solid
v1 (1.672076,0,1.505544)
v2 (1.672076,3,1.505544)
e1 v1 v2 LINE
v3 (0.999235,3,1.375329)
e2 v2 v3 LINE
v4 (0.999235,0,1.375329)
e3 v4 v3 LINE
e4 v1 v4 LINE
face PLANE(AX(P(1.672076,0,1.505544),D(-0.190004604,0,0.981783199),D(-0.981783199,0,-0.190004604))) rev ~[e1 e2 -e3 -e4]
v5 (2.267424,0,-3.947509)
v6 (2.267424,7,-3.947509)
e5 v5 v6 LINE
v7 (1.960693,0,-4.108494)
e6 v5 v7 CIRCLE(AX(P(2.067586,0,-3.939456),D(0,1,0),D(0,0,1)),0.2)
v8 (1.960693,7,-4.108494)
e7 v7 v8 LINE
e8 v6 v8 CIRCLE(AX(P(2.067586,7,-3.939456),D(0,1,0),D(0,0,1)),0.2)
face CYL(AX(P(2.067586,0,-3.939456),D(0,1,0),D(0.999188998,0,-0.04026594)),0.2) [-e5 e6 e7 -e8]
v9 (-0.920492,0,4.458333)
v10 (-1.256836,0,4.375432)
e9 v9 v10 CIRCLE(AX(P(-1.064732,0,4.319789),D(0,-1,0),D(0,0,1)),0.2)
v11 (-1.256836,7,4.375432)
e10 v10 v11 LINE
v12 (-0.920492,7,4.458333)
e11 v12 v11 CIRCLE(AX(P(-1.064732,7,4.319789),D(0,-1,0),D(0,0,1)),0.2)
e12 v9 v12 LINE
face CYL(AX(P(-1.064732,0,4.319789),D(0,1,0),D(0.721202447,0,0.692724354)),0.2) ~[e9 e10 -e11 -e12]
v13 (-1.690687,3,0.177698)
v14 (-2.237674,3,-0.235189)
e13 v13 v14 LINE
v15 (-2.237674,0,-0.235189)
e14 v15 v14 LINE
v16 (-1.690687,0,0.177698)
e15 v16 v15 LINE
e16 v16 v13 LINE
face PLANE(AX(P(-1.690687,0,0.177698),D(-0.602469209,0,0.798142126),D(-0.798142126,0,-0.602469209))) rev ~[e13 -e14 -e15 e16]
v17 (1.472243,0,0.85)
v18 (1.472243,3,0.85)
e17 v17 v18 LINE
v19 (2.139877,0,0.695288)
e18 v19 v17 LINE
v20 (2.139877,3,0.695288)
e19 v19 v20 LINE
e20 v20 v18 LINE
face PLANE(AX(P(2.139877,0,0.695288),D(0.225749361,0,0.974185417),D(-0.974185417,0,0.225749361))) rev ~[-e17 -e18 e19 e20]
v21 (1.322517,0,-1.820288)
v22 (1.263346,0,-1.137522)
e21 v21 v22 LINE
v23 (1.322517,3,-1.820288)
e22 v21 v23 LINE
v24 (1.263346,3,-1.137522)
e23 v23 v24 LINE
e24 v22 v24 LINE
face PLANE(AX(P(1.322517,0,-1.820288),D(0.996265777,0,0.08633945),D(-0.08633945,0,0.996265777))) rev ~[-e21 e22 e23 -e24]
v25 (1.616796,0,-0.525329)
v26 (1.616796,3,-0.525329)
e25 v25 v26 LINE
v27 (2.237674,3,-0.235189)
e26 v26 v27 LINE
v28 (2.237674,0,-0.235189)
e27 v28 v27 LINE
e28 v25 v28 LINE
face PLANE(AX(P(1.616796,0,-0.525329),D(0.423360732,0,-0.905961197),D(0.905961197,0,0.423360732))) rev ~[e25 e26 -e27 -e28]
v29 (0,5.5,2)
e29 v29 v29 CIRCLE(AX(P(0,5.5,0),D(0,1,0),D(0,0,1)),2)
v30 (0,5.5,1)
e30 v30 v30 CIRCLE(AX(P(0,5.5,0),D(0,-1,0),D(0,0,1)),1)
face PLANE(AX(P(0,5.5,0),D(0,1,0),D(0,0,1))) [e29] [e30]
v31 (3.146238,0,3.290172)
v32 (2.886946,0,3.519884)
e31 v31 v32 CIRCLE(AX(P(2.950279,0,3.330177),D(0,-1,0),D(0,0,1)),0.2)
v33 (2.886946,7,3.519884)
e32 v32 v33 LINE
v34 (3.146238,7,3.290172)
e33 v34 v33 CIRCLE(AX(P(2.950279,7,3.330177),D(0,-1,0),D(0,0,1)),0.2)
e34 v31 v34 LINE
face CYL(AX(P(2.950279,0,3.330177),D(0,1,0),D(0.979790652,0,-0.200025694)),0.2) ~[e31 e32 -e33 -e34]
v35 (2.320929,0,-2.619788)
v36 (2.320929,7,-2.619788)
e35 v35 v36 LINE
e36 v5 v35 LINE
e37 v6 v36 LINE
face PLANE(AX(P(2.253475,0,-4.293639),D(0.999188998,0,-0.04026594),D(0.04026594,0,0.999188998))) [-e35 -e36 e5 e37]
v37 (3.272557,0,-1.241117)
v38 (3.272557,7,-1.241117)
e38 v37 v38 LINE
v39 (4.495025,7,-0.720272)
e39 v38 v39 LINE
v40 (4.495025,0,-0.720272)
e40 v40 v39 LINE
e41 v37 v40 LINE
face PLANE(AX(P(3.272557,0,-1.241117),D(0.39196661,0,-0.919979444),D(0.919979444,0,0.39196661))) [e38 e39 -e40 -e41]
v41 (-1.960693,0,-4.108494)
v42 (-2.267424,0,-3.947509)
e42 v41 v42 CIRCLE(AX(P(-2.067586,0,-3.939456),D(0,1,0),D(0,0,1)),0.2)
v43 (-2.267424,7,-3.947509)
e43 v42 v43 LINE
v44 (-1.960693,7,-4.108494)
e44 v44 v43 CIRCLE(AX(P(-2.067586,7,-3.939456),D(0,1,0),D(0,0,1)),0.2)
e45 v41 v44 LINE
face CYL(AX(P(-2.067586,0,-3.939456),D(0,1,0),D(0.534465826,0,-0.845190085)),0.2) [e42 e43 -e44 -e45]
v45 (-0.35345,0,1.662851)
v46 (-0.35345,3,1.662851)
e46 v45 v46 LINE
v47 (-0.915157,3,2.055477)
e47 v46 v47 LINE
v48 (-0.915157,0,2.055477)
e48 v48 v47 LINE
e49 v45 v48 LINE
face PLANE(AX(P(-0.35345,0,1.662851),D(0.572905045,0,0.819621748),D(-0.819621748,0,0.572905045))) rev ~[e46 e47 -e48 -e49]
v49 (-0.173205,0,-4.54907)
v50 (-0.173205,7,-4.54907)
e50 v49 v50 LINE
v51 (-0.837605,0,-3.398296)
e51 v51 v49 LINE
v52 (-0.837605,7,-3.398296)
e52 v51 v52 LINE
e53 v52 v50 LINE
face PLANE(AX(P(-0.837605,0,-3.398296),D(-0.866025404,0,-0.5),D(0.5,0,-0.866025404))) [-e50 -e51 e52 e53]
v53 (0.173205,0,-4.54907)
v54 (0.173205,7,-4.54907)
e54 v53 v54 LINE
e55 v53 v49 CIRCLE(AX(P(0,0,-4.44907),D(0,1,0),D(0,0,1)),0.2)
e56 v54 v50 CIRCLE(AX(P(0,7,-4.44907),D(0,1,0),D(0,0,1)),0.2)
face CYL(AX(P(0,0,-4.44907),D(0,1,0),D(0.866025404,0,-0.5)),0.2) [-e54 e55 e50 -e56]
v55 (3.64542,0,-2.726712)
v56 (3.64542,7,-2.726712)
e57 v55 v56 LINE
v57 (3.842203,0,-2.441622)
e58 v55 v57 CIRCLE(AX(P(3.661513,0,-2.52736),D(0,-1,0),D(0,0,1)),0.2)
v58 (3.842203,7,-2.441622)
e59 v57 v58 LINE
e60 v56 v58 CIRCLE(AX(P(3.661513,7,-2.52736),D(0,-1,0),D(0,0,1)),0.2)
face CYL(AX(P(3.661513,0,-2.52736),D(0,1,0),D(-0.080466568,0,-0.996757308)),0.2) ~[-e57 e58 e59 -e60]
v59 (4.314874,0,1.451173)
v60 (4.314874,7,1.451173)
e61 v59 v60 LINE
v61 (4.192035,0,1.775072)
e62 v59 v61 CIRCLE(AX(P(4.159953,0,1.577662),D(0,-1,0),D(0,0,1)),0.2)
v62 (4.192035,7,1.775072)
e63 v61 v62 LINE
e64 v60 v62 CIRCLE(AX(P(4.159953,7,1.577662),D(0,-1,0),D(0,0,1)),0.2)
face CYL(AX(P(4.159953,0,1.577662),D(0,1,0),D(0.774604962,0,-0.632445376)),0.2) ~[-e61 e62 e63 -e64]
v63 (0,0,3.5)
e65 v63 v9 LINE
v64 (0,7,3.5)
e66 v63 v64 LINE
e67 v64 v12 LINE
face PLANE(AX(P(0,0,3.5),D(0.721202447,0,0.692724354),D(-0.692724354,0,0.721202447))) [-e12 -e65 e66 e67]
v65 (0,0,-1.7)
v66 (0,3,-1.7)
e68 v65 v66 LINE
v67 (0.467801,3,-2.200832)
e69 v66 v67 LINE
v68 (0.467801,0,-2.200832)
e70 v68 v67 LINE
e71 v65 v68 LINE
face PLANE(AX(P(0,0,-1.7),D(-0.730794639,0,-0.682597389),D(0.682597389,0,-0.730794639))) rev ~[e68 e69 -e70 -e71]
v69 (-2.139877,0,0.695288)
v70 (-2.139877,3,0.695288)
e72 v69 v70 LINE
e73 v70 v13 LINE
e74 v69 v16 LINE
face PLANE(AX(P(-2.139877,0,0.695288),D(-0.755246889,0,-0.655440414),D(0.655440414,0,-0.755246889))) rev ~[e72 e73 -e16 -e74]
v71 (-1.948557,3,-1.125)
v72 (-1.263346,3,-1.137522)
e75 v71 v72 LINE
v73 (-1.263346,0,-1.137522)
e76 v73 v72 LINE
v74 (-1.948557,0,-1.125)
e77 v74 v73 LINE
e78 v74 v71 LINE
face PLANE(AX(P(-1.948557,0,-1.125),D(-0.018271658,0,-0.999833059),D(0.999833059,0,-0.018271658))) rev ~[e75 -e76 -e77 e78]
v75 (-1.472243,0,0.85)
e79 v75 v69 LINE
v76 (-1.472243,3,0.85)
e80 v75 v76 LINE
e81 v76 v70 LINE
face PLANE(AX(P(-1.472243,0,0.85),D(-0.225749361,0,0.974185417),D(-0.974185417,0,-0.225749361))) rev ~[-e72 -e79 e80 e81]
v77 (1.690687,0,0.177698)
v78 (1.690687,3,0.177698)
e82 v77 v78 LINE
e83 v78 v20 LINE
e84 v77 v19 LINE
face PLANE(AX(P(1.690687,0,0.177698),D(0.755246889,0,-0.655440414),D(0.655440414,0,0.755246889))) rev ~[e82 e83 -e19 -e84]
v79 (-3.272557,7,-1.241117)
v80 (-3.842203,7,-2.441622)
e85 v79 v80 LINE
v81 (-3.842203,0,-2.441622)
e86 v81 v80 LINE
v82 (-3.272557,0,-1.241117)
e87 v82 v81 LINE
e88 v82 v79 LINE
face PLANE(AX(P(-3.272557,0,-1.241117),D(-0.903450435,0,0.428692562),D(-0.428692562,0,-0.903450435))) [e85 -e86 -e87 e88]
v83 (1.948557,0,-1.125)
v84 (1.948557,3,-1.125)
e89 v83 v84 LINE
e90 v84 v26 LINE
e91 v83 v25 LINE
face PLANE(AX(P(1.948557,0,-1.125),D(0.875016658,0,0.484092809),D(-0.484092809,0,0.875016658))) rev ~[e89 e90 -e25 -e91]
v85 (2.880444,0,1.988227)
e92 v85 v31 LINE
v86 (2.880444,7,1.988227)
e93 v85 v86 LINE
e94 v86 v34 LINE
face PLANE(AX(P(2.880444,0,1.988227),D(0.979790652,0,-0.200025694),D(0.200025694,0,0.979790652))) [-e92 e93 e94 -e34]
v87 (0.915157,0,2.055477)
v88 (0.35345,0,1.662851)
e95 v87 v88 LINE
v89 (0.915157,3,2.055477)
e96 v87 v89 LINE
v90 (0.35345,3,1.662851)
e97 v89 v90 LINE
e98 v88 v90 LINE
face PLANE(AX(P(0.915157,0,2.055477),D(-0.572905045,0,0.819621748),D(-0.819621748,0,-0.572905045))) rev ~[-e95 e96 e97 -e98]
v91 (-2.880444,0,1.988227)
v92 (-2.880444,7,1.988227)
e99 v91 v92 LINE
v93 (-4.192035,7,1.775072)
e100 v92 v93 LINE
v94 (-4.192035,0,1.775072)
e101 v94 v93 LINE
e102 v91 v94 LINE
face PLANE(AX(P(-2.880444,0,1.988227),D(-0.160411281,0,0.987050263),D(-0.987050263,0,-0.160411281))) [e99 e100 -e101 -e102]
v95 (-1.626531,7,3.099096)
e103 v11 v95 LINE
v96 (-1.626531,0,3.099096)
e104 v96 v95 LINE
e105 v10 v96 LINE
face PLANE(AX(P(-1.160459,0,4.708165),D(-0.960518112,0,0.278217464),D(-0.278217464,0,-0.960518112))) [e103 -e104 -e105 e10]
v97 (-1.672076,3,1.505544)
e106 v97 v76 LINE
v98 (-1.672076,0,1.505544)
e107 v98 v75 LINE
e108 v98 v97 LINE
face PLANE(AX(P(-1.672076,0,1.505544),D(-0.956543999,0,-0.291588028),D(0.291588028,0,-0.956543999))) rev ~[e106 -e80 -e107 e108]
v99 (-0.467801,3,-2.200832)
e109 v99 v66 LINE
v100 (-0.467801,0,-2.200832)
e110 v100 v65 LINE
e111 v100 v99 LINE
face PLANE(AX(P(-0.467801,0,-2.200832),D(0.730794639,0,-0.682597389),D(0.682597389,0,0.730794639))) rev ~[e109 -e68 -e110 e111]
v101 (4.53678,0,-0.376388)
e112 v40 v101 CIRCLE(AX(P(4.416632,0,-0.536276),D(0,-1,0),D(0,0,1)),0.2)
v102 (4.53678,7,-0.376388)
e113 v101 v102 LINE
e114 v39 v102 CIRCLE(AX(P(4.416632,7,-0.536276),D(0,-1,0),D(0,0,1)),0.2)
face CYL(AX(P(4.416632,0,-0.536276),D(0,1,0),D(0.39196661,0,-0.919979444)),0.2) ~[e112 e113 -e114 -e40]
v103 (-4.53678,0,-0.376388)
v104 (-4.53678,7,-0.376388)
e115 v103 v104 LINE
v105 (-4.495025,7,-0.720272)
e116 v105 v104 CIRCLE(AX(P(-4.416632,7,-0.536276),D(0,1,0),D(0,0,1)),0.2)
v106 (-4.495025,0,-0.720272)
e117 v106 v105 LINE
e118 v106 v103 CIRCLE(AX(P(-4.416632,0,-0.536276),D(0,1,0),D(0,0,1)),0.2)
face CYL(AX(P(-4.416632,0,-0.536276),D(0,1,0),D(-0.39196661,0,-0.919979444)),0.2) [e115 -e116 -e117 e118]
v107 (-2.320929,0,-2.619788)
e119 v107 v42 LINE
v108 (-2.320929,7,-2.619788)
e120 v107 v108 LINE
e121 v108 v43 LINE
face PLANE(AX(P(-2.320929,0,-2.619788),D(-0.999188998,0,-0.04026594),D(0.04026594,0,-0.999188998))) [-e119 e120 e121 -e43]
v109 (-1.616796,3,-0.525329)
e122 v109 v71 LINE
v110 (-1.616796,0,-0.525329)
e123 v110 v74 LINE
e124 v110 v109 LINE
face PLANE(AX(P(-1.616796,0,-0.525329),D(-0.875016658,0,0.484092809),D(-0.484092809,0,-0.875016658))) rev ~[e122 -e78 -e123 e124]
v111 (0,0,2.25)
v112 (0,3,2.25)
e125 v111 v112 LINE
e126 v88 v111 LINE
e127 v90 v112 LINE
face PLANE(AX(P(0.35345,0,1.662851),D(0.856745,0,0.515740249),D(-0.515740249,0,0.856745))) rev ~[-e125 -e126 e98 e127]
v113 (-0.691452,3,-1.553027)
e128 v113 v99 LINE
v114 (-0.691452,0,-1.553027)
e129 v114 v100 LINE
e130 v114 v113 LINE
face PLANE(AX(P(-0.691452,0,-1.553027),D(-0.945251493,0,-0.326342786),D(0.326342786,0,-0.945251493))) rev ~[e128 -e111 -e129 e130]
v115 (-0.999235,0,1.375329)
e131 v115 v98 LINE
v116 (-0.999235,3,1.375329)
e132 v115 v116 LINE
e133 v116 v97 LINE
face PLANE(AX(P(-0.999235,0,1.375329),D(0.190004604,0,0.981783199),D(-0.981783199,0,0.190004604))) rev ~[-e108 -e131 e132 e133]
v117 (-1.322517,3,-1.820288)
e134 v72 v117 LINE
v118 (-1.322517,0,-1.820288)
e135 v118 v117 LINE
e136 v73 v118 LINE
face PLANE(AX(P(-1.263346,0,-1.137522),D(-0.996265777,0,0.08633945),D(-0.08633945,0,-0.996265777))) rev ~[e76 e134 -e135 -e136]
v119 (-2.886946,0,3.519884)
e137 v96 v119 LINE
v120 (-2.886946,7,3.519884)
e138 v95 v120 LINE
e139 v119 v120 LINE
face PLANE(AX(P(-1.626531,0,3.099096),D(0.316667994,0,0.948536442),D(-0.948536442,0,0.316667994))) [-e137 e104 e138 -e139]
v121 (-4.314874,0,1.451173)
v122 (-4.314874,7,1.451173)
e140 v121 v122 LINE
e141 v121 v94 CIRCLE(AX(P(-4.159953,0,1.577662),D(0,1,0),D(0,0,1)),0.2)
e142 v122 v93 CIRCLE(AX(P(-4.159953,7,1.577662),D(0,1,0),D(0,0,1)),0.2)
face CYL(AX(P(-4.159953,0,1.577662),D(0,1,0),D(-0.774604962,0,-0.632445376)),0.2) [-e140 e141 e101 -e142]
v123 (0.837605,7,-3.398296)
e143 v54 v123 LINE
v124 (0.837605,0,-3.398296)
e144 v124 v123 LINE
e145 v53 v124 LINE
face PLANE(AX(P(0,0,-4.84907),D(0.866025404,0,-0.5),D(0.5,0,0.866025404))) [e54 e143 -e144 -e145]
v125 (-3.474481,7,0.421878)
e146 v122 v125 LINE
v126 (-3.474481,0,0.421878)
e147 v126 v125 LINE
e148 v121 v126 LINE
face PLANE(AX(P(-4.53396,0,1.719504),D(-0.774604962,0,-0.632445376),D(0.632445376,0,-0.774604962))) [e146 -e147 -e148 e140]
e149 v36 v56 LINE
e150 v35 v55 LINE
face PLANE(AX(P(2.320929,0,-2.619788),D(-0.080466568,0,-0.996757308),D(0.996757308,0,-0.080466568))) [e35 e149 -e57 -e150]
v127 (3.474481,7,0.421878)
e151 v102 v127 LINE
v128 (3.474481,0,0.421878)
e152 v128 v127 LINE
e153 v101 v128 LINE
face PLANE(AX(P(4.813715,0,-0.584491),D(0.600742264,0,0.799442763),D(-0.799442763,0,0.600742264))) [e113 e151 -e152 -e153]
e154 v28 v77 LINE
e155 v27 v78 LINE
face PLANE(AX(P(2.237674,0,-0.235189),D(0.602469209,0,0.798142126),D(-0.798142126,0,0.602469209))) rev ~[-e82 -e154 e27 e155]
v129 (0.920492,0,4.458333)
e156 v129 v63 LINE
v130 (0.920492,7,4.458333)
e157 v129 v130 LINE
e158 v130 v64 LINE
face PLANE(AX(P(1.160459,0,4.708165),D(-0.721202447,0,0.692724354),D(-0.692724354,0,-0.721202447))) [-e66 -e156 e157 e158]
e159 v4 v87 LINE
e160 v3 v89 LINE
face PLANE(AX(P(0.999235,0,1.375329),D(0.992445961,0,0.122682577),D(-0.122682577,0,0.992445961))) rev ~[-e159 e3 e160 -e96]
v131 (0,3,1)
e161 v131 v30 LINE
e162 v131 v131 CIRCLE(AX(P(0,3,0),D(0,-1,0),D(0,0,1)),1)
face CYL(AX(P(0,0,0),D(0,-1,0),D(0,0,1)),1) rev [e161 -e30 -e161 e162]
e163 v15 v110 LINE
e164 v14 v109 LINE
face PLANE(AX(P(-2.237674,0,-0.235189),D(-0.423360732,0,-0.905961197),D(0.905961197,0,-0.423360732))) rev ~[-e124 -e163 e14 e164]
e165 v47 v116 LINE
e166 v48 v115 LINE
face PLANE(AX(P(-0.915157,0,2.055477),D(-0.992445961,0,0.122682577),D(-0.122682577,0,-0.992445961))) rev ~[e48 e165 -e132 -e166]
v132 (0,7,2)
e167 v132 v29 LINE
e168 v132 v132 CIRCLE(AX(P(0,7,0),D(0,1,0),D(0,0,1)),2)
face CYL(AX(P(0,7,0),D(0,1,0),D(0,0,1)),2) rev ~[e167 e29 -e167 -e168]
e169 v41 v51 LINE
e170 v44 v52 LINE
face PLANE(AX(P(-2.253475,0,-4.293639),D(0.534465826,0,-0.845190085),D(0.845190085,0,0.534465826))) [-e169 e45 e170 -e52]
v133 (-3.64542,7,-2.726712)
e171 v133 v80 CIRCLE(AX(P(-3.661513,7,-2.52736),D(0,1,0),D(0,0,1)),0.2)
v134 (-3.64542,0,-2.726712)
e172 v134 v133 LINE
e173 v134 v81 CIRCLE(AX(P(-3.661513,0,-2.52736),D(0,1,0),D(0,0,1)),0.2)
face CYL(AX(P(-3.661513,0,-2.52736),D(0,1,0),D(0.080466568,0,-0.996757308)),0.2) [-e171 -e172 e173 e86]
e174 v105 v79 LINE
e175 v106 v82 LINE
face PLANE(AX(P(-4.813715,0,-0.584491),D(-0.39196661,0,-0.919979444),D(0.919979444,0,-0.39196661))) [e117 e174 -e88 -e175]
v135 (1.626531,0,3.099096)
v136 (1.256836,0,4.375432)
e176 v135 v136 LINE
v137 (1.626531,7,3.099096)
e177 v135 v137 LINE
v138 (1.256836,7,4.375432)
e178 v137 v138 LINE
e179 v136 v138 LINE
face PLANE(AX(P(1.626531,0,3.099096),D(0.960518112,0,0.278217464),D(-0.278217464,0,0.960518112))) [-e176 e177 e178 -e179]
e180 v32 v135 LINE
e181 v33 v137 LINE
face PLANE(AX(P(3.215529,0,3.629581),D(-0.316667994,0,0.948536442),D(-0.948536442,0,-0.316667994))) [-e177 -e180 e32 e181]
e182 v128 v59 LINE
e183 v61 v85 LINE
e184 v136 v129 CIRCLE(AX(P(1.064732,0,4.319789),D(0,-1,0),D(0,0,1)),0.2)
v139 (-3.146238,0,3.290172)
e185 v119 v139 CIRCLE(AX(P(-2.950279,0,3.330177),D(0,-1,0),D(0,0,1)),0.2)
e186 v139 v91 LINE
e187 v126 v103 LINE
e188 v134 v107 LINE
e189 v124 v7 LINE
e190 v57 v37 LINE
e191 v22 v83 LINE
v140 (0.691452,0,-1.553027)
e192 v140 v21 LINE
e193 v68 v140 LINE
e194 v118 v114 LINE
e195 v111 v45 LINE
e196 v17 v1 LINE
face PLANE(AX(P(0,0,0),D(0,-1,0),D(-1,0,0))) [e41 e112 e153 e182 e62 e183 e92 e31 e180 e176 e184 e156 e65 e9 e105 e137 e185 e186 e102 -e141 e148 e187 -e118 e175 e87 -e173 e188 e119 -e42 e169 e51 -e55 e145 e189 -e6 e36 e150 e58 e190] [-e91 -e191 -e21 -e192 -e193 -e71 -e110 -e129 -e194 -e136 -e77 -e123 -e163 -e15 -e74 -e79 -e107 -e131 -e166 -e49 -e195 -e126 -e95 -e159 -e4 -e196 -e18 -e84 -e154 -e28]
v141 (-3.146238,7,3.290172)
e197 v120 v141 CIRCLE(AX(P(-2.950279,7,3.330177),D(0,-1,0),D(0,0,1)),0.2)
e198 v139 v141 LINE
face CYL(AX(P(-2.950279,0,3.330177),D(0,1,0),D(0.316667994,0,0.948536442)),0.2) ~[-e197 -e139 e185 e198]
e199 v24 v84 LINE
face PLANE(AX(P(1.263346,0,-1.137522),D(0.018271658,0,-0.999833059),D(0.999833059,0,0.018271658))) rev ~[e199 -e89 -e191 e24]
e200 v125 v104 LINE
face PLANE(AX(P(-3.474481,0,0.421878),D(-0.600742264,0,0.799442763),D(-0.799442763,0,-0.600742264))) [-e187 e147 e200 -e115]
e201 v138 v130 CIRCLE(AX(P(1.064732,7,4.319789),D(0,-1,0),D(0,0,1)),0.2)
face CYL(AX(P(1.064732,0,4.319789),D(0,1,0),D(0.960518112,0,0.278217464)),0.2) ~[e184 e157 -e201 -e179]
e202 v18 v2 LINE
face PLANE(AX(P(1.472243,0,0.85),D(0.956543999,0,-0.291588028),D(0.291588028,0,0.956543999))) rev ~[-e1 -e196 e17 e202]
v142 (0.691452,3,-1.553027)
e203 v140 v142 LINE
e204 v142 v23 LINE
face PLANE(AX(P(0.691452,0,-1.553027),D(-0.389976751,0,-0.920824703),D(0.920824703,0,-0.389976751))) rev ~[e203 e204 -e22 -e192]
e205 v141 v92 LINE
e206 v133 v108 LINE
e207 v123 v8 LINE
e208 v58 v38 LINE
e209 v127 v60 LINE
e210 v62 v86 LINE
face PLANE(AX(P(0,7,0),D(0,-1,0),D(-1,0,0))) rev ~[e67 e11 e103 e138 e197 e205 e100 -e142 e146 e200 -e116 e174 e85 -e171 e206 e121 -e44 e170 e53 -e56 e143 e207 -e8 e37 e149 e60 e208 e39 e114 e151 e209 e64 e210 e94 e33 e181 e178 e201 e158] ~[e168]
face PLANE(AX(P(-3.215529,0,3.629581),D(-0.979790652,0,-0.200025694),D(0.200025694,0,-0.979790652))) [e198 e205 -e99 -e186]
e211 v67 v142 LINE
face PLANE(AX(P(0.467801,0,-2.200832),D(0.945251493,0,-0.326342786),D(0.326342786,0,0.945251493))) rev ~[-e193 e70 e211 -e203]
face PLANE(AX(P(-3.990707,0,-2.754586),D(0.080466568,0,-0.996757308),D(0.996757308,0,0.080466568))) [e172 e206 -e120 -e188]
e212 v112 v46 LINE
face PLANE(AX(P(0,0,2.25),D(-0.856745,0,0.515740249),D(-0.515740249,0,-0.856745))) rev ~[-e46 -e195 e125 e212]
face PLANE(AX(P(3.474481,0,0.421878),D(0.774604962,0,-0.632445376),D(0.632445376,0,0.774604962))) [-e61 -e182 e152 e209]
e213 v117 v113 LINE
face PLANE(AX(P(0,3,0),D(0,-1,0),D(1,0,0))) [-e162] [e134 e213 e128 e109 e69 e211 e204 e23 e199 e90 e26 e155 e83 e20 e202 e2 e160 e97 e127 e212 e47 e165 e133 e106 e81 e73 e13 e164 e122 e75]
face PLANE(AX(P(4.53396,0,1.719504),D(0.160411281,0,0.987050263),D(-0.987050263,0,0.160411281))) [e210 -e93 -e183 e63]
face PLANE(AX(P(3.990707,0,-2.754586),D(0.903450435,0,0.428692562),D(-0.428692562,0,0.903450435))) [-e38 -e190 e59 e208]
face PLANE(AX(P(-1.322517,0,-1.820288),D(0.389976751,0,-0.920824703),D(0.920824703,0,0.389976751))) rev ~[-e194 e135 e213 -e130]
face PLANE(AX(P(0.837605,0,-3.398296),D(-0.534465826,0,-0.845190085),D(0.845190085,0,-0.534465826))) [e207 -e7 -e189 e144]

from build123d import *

# Parameters (mm, degrees)
SKETCH1_R           = 1
BOSS_EXTRUDE1_DEPTH = 7
CUT_EXTRUDE1_DEPTH  = 3
FILLET1_R           = 0.2
SKETCH3_R           = 2
CUT_EXTRUDE2_DEPTH  = 1.5


with BuildPart() as part:
    # Sketch1 → Boss-Extrude1 (new body)
    with BuildSketch(Plane(origin=(0, 0, 0), x_dir=(1, 0, 0), z_dir=(0, 1, 0))):
        Polygon((2.320929304, 2.619787619), (3.990706765, 2.754585991), (3.272556849, 1.241117105), (4.813715291, 0.584490857), (3.474481059, -0.421878381), (4.533959656, -1.719504088), (2.880443531, -1.988226614), (3.215528503, -3.629581369), (1.626531102, -3.09909609), (1.160458522, -4.708165299), (0, -3.5), (-1.160458522, -4.708165299), (-1.626531102, -3.09909609), (-3.215528503, -3.629581369), (-2.880443531, -1.988226614), (-4.533959656, -1.719504088), (-3.474481059, -0.421878381), (-4.813715291, 0.584490857), (-3.272556849, 1.241117105), (-3.990706765, 2.754585991), (-2.320929304, 2.619787619), (-2.253475412, 4.293638671), (-0.837604825, 3.398296361), (0, 4.849070475), (0.837604825, 3.398296361), (2.253475412, 4.293638671), align=None)
        with Locations(Location((0, 0, 0), (0, 0, 270))):
            Circle(SKETCH1_R, mode=Mode.SUBTRACT)
    extrude(amount=BOSS_EXTRUDE1_DEPTH)

    # Sketch2 → Cut-Extrude1 (cut)
    with BuildSketch(Plane.XZ):
        Polygon((0, 2.25), (-0.353449874, 1.662850921), (-0.915157447, 2.05547728), (-0.999234929, 1.37532889), (-1.672075857, 1.505543864), (-1.472243186, 0.85), (-2.139877162, 0.695288237), (-1.690687222, 0.177698388), (-2.237674265, -0.235189042), (-1.616796078, -0.52532889), (-1.948557159, -1.125), (-1.263346203, -1.137522031), (-1.322516818, -1.820288237), (-0.691452293, -1.553027278), (-0.467801304, -2.200832102), (0, -1.7), (0.467801304, -2.200832102), (0.691452293, -1.553027278), (1.322516818, -1.820288237), (1.263346203, -1.137522031), (1.948557159, -1.125), (1.616796078, -0.52532889), (2.237674265, -0.235189042), (1.690687222, 0.177698388), (2.139877162, 0.695288237), (1.472243186, 0.85), (1.672075857, 1.505543864), (0.999234929, 1.37532889), (0.915157447, 2.05547728), (0.353449874, 1.662850921), align=None)
    extrude(amount=-CUT_EXTRUDE1_DEPTH, mode=Mode.SUBTRACT)

    # Fillet1
    fillet1_edges = [part.edges().sort_by_distance(p)[0] for p in [
        (4.813715291, 3.5, -0.584490857),
        (4.533959656, 3.5, 1.719504088),
        (3.215528503, 3.5, 3.629581369),
        (1.160458522, 3.5, 4.708165299),
        (-1.160458522, 3.5, 4.708165299),
        (-3.215528503, 3.5, 3.629581369),
        (-4.533959656, 3.5, 1.719504088),
        (-4.813715291, 3.5, -0.584490857),
        (-3.990706765, 3.5, -2.754585991),
        (-2.253475412, 3.5, -4.293638671),
        (0, 3.5, -4.849070475),
        (2.253475412, 3.5, -4.293638671),
        (3.990706765, 3.5, -2.754585991),
    ]]
    fillet(fillet1_edges, radius=FILLET1_R)

    # Sketch3 → Cut-Extrude2 (cut)
    with BuildSketch(Plane(origin=(0, 7, 0), x_dir=(1, 0, 0), z_dir=(0, 1, 0))):
        with Locations(Location((0, 0, 0), (0, 0, 270))):
            Circle(SKETCH3_R)
    extrude(amount=-CUT_EXTRUDE2_DEPTH, mode=Mode.SUBTRACT)


solid = part.part
